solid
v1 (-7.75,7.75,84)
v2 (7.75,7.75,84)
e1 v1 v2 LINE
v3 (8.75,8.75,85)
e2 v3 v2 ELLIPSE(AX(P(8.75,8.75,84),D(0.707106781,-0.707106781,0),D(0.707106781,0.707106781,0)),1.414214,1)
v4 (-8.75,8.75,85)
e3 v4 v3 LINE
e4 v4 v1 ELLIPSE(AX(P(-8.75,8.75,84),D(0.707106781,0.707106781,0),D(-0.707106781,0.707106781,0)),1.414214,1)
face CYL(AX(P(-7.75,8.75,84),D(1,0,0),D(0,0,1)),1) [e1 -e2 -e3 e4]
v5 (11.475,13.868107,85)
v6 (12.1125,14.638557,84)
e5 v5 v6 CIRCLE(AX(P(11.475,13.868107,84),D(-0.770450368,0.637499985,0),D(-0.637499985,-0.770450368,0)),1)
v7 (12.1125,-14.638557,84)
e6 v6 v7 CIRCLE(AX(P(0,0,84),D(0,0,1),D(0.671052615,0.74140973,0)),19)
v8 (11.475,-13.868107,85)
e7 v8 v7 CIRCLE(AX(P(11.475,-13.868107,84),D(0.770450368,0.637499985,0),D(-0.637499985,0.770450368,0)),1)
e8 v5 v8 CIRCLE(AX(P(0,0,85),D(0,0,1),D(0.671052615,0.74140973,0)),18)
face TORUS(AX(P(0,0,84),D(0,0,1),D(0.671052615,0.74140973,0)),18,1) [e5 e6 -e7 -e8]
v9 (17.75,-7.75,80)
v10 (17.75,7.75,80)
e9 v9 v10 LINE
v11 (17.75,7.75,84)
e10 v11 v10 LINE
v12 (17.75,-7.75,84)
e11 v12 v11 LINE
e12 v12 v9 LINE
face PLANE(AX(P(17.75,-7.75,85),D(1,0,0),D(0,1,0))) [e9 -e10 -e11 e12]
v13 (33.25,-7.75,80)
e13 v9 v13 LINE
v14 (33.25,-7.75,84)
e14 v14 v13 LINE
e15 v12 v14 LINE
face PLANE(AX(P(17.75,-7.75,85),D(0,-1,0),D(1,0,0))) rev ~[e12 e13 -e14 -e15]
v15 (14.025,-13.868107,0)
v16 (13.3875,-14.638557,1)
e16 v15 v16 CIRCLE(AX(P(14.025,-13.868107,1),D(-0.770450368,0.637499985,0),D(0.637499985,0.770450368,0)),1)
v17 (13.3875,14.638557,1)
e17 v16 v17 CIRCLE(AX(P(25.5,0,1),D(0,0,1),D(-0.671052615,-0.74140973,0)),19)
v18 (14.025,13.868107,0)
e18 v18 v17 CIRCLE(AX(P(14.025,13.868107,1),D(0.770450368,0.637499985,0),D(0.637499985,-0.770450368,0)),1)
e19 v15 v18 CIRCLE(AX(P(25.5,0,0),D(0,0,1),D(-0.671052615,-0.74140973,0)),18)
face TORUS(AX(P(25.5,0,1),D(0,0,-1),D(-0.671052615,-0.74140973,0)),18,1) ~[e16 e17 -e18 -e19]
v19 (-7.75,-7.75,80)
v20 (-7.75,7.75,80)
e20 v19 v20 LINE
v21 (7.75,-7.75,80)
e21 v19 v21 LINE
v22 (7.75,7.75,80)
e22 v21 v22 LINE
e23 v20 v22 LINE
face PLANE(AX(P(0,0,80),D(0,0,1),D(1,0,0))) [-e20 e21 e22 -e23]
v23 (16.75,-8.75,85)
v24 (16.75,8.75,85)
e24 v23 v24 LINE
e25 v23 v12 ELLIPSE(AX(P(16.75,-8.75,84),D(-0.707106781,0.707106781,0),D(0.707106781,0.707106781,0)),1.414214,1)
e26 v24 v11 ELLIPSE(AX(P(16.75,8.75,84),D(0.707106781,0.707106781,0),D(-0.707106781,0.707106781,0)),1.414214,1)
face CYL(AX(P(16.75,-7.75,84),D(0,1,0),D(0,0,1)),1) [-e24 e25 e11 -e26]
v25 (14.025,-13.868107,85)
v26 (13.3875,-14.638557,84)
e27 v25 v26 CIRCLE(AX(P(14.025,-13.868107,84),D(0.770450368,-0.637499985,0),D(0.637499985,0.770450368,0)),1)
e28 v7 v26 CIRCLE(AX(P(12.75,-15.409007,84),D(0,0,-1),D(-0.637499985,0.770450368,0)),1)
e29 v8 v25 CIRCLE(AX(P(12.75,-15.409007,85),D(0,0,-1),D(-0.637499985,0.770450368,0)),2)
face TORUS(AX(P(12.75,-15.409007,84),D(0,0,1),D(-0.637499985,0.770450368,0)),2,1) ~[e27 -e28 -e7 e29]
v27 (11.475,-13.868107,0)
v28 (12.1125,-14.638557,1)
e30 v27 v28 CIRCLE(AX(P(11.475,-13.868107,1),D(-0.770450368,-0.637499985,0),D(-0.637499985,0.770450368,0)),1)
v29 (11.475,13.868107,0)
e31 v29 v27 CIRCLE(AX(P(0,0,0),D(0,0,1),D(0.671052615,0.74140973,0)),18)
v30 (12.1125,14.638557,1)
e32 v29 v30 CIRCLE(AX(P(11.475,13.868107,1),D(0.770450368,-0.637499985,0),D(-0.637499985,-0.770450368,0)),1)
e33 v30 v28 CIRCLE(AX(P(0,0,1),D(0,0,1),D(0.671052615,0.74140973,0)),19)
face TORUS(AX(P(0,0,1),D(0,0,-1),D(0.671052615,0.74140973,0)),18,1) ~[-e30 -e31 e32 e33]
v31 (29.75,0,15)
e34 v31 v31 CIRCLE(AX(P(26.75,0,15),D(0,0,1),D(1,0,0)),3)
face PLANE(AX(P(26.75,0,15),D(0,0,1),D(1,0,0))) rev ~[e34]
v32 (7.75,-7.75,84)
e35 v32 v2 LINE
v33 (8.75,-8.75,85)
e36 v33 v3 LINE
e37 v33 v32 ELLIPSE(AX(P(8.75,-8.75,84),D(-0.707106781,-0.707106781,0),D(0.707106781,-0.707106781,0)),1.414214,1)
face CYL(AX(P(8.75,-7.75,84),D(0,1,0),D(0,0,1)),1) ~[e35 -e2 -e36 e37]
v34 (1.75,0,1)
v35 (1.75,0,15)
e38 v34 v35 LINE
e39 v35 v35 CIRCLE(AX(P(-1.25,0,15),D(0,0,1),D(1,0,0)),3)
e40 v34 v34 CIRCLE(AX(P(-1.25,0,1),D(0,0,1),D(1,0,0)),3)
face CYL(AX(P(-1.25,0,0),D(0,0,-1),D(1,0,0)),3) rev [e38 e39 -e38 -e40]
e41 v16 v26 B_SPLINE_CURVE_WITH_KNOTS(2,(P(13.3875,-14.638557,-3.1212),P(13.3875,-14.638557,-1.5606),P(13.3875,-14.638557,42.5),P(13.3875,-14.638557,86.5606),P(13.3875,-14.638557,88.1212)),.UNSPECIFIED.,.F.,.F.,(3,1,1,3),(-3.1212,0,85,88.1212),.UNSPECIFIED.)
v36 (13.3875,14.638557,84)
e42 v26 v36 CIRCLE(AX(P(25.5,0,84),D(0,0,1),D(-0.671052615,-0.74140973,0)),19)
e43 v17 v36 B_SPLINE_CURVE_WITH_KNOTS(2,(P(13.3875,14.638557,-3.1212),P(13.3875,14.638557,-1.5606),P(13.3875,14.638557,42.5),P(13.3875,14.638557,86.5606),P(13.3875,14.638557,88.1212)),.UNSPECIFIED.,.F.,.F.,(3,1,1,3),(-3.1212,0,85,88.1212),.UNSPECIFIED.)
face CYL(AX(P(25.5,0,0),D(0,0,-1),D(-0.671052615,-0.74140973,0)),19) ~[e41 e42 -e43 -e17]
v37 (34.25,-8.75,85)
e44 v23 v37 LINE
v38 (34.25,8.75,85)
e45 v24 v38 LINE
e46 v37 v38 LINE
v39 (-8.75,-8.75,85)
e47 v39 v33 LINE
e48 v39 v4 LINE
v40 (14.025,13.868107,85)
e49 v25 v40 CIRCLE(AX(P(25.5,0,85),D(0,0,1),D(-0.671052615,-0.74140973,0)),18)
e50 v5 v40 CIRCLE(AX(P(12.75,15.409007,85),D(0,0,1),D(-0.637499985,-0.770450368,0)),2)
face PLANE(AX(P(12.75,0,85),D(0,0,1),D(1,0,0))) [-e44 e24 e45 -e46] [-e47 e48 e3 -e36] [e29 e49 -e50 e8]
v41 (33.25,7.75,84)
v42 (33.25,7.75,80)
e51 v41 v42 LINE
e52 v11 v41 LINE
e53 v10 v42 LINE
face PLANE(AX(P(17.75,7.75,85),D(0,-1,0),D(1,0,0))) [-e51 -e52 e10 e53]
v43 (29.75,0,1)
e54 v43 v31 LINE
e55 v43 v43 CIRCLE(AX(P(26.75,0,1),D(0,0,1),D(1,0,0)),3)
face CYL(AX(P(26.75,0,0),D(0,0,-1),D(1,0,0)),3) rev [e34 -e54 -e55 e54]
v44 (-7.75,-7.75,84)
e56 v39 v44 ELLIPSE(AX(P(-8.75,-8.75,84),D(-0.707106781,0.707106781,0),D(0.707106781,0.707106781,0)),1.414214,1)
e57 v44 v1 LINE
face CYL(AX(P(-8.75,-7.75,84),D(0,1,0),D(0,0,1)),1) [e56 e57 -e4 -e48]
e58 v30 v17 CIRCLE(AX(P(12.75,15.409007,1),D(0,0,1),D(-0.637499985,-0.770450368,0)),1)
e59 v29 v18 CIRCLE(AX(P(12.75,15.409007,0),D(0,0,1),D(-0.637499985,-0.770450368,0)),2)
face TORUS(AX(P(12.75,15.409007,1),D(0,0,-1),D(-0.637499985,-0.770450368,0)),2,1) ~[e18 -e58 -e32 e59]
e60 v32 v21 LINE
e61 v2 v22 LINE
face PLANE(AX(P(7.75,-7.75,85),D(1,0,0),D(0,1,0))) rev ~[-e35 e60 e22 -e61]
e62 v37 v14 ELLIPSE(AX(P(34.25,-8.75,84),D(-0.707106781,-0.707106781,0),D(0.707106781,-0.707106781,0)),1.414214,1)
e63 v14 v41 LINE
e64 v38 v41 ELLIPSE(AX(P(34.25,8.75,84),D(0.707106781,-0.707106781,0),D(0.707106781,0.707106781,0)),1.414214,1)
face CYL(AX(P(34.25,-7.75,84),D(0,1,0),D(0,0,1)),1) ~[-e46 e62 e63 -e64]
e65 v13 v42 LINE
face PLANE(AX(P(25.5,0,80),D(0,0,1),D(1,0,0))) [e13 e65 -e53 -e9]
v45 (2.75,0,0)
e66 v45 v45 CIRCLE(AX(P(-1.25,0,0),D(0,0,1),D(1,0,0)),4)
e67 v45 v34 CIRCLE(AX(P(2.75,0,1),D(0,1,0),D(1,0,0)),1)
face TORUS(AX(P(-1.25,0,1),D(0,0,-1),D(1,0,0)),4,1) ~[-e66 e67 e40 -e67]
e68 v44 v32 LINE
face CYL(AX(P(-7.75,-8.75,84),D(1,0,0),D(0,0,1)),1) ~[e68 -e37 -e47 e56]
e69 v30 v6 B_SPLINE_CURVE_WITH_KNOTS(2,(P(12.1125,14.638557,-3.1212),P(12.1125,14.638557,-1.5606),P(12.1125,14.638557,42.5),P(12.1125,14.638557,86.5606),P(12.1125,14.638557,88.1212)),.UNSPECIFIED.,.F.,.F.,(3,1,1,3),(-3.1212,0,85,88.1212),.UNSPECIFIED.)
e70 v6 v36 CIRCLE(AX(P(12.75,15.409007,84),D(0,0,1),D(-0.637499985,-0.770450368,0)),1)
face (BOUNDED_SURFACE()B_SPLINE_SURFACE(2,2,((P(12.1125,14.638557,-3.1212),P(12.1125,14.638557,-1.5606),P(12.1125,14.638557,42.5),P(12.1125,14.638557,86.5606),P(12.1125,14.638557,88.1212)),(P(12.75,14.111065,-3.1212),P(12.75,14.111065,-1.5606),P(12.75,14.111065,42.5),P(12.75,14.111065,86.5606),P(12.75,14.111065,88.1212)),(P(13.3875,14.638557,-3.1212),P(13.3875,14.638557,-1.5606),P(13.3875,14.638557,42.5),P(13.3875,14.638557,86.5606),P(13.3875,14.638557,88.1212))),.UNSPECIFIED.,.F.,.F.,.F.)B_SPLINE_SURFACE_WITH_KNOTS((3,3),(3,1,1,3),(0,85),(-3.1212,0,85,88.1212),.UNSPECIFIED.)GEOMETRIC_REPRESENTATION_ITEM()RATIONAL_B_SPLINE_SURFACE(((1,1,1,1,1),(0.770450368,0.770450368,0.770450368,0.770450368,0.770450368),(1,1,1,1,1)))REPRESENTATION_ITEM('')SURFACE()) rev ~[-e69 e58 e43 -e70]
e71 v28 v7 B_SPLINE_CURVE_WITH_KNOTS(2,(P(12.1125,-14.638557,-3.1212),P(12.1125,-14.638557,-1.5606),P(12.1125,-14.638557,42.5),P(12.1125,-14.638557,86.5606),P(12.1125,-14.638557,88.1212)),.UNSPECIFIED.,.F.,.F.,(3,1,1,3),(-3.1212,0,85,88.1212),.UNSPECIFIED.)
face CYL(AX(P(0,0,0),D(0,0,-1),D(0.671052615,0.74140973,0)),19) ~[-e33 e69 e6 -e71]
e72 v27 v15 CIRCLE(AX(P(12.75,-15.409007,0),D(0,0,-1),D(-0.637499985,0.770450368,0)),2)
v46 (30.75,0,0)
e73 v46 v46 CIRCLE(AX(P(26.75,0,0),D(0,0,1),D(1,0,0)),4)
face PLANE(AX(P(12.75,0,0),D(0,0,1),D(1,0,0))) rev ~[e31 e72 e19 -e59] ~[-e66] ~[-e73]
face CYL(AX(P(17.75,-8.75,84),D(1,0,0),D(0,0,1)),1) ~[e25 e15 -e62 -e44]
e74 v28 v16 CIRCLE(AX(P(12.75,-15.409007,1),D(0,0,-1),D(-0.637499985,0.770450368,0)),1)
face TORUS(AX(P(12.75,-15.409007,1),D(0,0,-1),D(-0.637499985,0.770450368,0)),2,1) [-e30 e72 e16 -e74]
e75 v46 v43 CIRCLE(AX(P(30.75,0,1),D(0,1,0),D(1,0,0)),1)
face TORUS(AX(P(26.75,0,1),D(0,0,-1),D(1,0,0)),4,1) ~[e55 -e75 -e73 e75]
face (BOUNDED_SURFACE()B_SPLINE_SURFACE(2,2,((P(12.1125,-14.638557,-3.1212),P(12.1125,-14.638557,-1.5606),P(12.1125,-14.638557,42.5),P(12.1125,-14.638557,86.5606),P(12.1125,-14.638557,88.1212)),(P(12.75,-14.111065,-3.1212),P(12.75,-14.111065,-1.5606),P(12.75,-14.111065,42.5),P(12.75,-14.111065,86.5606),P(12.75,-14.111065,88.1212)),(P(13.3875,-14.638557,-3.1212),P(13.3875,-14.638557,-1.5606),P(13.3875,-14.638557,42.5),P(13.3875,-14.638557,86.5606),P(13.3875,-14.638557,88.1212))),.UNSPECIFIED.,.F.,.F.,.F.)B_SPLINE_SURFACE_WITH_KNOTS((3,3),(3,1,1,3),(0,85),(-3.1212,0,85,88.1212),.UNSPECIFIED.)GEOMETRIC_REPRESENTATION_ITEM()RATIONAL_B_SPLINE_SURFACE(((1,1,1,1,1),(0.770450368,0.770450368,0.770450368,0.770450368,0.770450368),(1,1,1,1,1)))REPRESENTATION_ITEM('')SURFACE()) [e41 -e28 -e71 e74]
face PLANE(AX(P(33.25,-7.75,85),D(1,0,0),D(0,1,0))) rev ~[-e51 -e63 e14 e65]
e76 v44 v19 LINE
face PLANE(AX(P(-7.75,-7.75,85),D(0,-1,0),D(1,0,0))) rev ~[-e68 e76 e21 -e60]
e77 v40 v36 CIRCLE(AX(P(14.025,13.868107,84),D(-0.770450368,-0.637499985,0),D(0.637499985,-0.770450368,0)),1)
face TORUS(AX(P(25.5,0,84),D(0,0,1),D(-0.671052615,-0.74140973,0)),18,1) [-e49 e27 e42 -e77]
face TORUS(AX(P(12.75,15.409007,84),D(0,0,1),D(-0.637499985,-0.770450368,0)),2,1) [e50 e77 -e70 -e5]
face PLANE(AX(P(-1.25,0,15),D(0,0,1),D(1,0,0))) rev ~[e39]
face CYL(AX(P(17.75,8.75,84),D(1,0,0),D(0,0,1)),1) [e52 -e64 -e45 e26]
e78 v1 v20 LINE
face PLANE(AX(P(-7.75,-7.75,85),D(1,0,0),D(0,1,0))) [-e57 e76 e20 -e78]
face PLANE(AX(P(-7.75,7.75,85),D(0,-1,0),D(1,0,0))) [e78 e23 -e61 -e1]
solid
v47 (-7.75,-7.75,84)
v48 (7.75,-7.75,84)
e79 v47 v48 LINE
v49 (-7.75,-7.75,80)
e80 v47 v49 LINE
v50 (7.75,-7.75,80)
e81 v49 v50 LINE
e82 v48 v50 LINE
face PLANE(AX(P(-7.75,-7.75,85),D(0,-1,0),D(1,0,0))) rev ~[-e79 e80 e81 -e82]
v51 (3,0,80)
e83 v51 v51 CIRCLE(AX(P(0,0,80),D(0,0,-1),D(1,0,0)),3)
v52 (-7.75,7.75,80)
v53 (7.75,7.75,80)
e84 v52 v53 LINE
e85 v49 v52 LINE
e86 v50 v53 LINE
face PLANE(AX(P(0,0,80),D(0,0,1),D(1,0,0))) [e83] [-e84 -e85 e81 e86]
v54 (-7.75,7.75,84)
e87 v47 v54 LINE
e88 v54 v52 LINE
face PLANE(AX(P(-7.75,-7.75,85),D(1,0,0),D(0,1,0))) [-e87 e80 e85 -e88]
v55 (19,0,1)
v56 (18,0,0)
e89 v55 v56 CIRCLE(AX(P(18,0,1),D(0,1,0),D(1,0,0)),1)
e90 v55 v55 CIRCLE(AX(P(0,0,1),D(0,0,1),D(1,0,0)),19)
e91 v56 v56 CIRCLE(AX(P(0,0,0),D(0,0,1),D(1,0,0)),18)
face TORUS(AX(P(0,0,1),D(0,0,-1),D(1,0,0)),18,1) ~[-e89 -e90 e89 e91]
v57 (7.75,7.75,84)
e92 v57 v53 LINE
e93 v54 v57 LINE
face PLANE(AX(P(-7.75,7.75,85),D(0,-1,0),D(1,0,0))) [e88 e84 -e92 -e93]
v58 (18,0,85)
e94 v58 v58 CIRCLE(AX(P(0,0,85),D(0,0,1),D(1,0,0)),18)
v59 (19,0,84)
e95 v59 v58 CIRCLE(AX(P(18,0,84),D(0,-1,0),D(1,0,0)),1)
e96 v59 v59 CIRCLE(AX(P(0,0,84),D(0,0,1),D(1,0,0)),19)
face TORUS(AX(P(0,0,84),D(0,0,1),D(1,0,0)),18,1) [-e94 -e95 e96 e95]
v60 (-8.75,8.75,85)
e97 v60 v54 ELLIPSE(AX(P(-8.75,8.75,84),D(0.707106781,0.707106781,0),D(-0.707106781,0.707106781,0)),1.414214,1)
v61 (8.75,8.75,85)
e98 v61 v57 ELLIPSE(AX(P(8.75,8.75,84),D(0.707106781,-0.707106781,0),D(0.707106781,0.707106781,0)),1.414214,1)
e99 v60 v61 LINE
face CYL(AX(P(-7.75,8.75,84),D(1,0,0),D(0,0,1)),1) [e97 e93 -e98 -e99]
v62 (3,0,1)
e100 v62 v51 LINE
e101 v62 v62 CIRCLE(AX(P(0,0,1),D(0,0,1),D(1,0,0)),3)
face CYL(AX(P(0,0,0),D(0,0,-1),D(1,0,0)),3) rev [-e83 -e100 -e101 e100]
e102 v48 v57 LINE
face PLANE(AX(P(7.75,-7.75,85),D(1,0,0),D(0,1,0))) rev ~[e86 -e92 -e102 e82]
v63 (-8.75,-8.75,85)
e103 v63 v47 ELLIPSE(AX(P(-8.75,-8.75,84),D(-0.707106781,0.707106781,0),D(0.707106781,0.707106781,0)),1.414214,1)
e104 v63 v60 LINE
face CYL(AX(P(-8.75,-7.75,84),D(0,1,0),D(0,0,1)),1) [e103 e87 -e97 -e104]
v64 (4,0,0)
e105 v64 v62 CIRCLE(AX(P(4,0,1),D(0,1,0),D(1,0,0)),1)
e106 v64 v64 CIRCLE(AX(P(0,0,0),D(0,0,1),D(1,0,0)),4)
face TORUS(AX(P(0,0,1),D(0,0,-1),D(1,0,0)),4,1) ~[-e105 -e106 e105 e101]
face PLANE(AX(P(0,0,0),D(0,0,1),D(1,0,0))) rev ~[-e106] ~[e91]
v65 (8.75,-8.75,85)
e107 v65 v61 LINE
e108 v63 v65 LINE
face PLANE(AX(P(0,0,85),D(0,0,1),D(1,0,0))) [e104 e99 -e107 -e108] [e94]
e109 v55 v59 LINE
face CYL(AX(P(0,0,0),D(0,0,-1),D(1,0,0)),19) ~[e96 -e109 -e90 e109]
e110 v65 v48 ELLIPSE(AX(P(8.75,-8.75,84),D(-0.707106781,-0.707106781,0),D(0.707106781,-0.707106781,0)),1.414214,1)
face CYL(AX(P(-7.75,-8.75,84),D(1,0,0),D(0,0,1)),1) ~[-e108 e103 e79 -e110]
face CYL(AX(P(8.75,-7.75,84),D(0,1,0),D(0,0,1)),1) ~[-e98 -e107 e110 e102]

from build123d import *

# Parameters (mm, degrees)
PAD_DEPTH       = 85
SKETCH001_W     = 15.5
SKETCH001_H     = 15.5
POCKET_DEPTH    = 5
SKETCH002_R     = 3
POCKET001_DEPTH = 15
FILLET_R        = 1
SKETCH003_R     = 19
SKETCH003_R_2   = 3
PAD001_DEPTH    = 85
SKETCH004_W     = 15.5
SKETCH004_H     = 15.5
POCKET002_DEPTH = 5
FILLET001_R     = 1


with BuildPart() as body:
    # Sketch → Pad (new body)
    with BuildSketch(Plane.XY):
        with BuildLine():
            ThreePointArc((12.75, 14.086785), (-19, 0), (12.75, -14.086785))
            ThreePointArc((12.75, -14.086785), (44.5, 0), (12.75, 14.086785))
        make_face()
    extrude(amount=PAD_DEPTH)

    # Sketch001 → Pocket (cut)
    with BuildSketch(Plane.XY.offset(85)):
        Rectangle(SKETCH001_W, SKETCH001_H)
        with Locations((25.5, 0)):
            Rectangle(SKETCH001_W, SKETCH001_H)
    extrude(amount=-POCKET_DEPTH, mode=Mode.SUBTRACT)

    # Sketch002 → Pocket001 (cut)
    with BuildSketch(Plane.XY):
        with Locations((-1.25, 0)):
            Circle(SKETCH002_R)
        with Locations((26.75, 0)):
            Circle(SKETCH002_R)
    extrude(amount=POCKET001_DEPTH, mode=Mode.SUBTRACT)

    # Fillet
    fillet_edges = [body.edges().sort_by_distance(p)[0] for p in [
        (-19, 0, 85),
        (44.5, 0, 85),
        (-19, 0, 0),
        (44.5, 0, 0),
        (-4.25, 0, 0),
        (-7.75, 0, 85),
        (0, -7.75, 85),
        (7.75, 0, 85),
        (0, 7.75, 85),
        (17.75, 0, 85),
        (25.5, -7.75, 85),
        (33.25, 0, 85),
        (25.5, 7.75, 85),
        (23.75, 0, 0),
        (12.75, -14.086785, 42.5),
        (12.75, 14.086785, 42.5),
    ]]
    fillet(fillet_edges, radius=FILLET_R)


with BuildPart() as body001single:
    # Sketch003 → Pad001 (new body)
    with BuildSketch(Plane.XY):
        Circle(SKETCH003_R)
        Circle(SKETCH003_R_2, mode=Mode.SUBTRACT)
    extrude(amount=PAD001_DEPTH)

    # Sketch004 → Pocket002 (cut)
    with BuildSketch(Plane.XY.offset(85)):
        Rectangle(SKETCH004_W, SKETCH004_H)
    extrude(amount=-POCKET002_DEPTH, mode=Mode.SUBTRACT)

    # Fillet001
    fillet001_edges = [body001single.edges().sort_by_distance(p)[0] for p in [
        (-19, 0, 85),
        (-7.75, 0, 85),
        (0, -7.75, 85),
        (7.75, 0, 85),
        (0, 7.75, 85),
        (-19, 0, 0),
        (-3, 0, 0),
    ]]
    fillet(fillet001_edges, radius=FILLET001_R)


solid = Compound([body.part, body001single.part])
